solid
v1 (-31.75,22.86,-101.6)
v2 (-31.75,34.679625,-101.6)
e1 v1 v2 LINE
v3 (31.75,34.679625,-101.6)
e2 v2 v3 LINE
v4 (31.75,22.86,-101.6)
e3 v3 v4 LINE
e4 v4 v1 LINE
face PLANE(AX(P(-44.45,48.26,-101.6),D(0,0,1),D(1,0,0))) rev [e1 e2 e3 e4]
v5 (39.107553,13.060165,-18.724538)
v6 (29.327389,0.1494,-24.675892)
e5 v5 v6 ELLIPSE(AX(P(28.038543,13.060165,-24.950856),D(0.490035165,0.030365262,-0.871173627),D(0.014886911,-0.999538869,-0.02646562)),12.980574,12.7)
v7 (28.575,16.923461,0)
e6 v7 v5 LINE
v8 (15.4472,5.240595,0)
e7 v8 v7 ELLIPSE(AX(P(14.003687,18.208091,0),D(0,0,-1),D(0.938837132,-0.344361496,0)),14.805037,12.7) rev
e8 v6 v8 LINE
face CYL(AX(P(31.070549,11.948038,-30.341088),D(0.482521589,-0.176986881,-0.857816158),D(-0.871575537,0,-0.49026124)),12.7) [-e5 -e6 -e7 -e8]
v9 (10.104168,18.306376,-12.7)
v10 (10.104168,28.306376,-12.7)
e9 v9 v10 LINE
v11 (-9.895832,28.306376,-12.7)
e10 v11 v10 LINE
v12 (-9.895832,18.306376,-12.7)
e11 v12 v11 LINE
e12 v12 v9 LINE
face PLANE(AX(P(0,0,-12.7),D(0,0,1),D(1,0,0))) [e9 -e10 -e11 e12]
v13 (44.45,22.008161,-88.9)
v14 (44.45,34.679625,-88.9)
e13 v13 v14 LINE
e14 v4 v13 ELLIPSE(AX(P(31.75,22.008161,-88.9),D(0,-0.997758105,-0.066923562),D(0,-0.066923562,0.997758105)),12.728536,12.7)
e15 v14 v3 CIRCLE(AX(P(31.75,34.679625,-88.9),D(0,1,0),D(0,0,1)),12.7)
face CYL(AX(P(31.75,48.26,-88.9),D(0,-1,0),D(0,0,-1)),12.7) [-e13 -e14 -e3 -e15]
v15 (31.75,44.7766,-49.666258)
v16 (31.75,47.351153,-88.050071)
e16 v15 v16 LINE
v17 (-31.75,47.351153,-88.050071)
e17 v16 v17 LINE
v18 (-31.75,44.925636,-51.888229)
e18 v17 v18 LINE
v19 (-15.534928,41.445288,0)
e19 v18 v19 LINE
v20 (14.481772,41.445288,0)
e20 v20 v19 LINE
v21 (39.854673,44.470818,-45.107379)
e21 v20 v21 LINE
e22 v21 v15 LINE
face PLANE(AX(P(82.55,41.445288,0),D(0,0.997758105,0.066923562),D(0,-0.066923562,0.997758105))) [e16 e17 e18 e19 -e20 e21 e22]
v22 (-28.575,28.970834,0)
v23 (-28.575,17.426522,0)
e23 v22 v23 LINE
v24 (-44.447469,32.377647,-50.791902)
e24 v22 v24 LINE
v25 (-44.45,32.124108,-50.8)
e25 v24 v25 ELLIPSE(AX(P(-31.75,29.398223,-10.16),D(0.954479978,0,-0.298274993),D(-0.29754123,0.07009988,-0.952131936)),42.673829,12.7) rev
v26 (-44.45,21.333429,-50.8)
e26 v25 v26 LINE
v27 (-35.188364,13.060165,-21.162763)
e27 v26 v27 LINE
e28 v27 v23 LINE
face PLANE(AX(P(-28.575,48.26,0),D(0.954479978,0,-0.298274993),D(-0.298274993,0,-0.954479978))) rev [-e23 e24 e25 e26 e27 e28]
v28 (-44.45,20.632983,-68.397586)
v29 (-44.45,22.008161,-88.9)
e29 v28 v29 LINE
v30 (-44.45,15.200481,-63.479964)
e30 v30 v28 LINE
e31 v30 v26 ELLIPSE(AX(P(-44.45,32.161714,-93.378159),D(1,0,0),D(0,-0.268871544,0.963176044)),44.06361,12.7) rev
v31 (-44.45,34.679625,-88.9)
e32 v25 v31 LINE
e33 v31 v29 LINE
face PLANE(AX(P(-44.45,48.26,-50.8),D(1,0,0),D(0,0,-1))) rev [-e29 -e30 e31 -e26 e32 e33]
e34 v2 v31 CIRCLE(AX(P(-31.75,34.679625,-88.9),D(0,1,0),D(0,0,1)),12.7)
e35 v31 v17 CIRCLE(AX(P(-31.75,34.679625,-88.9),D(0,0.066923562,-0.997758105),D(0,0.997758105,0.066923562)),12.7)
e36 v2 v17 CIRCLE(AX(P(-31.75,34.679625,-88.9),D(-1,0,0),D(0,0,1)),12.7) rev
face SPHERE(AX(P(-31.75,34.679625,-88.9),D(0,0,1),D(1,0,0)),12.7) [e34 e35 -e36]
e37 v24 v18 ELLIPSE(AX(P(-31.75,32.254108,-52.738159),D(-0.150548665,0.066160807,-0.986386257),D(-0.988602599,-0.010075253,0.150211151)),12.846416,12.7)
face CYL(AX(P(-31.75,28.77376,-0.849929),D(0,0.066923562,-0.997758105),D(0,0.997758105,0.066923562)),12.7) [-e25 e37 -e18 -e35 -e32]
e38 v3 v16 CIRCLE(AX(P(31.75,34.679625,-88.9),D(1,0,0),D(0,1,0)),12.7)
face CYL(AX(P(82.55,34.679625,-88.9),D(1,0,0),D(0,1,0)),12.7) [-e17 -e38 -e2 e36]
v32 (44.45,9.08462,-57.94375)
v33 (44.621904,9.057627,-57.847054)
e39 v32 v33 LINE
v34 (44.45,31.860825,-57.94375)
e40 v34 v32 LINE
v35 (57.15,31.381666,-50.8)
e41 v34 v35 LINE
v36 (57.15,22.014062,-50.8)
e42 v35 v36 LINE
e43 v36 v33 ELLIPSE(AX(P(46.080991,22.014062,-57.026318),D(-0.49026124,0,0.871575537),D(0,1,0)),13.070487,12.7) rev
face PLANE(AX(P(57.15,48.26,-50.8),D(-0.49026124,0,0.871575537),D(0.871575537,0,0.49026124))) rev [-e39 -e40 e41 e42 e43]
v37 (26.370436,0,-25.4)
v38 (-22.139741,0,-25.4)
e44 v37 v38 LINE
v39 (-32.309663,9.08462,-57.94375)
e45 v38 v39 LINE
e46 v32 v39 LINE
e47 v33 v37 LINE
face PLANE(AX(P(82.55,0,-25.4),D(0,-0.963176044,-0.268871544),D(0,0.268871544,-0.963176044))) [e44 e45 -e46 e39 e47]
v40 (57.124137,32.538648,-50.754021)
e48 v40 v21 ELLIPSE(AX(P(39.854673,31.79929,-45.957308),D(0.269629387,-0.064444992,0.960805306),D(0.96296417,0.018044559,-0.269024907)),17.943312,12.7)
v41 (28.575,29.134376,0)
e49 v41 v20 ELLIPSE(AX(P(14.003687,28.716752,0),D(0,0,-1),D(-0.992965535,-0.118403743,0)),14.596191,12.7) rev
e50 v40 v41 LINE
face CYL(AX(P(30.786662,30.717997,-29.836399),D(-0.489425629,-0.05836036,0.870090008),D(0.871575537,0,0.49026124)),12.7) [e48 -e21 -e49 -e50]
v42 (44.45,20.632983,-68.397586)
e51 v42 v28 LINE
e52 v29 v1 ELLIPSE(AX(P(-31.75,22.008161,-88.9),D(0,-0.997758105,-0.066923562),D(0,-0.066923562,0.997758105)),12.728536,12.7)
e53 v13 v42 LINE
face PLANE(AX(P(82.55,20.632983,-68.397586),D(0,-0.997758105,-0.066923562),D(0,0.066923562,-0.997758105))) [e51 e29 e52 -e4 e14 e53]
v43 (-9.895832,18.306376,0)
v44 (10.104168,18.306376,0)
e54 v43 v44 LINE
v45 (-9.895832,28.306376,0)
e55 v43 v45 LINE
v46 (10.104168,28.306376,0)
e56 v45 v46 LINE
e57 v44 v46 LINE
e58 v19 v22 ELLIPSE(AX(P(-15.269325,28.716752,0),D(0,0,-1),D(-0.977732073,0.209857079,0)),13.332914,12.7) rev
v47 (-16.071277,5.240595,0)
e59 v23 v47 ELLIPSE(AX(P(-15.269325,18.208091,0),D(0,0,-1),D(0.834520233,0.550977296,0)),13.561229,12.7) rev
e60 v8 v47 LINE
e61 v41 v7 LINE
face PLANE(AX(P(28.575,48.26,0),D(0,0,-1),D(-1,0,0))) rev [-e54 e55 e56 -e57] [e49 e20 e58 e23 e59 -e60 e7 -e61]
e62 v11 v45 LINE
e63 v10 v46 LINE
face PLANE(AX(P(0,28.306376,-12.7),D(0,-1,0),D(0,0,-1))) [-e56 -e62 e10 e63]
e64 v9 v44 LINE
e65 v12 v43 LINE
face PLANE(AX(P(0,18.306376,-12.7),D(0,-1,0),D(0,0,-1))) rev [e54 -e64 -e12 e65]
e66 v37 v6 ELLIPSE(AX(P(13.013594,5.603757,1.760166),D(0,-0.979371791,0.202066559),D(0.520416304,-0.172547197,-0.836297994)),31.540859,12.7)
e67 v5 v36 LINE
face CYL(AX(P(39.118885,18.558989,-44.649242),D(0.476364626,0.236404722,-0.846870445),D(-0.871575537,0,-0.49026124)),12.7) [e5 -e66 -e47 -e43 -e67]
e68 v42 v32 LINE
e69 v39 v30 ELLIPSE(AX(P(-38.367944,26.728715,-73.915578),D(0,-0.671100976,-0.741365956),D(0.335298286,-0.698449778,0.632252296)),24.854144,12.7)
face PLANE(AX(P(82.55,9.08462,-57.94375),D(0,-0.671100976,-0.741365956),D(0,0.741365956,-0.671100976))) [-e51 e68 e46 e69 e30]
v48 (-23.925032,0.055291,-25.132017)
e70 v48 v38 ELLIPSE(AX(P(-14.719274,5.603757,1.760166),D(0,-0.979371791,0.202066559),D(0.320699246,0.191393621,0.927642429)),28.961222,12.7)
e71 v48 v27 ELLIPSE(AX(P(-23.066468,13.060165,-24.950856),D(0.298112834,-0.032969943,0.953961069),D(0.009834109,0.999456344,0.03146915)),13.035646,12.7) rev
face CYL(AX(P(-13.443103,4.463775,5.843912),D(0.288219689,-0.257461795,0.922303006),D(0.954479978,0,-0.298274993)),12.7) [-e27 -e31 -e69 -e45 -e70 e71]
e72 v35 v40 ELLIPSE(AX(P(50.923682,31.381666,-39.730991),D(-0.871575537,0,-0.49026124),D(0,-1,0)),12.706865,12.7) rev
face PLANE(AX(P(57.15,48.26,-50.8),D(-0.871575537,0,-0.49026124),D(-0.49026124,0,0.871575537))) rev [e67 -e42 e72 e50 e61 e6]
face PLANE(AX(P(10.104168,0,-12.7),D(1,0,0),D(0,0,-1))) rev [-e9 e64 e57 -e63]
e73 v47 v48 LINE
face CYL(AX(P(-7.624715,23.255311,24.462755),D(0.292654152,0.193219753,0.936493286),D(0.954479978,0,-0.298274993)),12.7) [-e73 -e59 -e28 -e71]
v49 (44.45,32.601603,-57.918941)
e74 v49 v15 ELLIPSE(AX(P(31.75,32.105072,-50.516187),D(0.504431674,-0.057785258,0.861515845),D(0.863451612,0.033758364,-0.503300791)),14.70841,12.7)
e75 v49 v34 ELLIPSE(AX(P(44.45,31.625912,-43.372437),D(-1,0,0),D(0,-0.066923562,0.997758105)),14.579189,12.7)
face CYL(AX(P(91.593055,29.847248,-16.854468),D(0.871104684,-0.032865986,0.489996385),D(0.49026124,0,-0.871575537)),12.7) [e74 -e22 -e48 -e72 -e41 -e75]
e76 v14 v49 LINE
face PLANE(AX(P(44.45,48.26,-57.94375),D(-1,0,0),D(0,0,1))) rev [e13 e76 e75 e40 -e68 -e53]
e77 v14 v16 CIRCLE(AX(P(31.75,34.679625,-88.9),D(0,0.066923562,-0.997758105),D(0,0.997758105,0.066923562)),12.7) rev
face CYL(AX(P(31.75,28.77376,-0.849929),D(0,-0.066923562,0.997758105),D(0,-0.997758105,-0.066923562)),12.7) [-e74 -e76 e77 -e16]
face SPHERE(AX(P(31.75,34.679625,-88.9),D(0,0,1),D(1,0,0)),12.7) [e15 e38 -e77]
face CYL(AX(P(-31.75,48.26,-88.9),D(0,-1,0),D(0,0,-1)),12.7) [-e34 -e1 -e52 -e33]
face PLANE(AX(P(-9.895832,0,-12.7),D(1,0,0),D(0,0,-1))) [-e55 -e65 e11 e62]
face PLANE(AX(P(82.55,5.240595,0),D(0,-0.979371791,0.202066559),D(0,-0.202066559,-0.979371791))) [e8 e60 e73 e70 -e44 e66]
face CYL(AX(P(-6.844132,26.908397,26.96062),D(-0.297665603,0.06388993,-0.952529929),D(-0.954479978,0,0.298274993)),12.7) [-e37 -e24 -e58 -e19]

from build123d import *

# Parameters (mm, degrees)
EXTRUDE1_DEPTH     = 48.26
SKETCH3_OUTSIDE_W  = 133.914
SKETCH3_OUTSIDE_H  = 80.574
CUT_EXTRUDE1_DEPTH = 127
FILLET1_R          = 12.7
FILLET2_R          = 12.7
SKETCH8_W          = 20
SKETCH8_H          = 10
CUT_EXTRUDE2_DEPTH = 12.7


with BuildPart() as part:
    # Sketch1 → Extrude1 (new body)
    with BuildSketch(Plane(origin=(0, 0, 0), x_dir=(1, 0, 0), z_dir=(0, 1, 0))):
        Polygon((-44.45, 101.6), (44.45, 101.6), (44.45, 57.94375), (57.15, 50.8), (28.575, 0), (-28.575, 0), (-44.45, 50.8), align=None)
    extrude(amount=EXTRUDE1_DEPTH)

    # Sketch3 outside → Cut-Extrude1 (cut, symmetric)
    with BuildSketch(Plane.ZY.offset(44.45)):
        with Locations((-50.8, 24.13)):
            Rectangle(SKETCH3_OUTSIDE_W, SKETCH3_OUTSIDE_H)
        Polygon((0, 41.445288221), (-101.6, 48.26), (-101.6, 22.86), (-68.397585835, 20.632983436), (-57.94375, 9.084619968), (-25.4, 0), (0, 5.240594668), align=None, mode=Mode.SUBTRACT)
    extrude(amount=CUT_EXTRUDE1_DEPTH, both=True, mode=Mode.SUBTRACT)

    # Fillet1
    fillet1_edges = [part.edges().sort_by_distance(p)[0] for p in [
        (-44.45, 35.56, -101.6),
        (44.45, 35.56, -101.6),
        (0, 48.26, -101.6),
        (-44.45, 46.556322055, -76.2),
        (-36.5125, 43.148966165, -25.4),
        (42.8625, 43.148966165, -25.4),
        (50.8, 45.092223821, -54.371875),
        (44.45, 46.795901766, -79.771875),
    ]]
    fillet(fillet1_edges, radius=FILLET1_R)

    # Fillet2
    fillet2_edges = [part.edges().sort_by_distance(p)[0] for p in [
        (-40.48125, 3.545217548, -38.1),
        (-32.54375, 2.620297334, -12.7),
        (50.00625, 3.545217548, -38.1),
        (35.71875, 2.620297334, -12.7),
    ]]
    fillet(fillet2_edges, radius=FILLET2_R)

    # Sketch8 → Cut-Extrude2 (cut)
    with BuildSketch(Plane.XY):
        with Locations((0.104168421, 23.306375587)):
            Rectangle(SKETCH8_W, SKETCH8_H)
    extrude(amount=-CUT_EXTRUDE2_DEPTH, mode=Mode.SUBTRACT)


solid = part.part
